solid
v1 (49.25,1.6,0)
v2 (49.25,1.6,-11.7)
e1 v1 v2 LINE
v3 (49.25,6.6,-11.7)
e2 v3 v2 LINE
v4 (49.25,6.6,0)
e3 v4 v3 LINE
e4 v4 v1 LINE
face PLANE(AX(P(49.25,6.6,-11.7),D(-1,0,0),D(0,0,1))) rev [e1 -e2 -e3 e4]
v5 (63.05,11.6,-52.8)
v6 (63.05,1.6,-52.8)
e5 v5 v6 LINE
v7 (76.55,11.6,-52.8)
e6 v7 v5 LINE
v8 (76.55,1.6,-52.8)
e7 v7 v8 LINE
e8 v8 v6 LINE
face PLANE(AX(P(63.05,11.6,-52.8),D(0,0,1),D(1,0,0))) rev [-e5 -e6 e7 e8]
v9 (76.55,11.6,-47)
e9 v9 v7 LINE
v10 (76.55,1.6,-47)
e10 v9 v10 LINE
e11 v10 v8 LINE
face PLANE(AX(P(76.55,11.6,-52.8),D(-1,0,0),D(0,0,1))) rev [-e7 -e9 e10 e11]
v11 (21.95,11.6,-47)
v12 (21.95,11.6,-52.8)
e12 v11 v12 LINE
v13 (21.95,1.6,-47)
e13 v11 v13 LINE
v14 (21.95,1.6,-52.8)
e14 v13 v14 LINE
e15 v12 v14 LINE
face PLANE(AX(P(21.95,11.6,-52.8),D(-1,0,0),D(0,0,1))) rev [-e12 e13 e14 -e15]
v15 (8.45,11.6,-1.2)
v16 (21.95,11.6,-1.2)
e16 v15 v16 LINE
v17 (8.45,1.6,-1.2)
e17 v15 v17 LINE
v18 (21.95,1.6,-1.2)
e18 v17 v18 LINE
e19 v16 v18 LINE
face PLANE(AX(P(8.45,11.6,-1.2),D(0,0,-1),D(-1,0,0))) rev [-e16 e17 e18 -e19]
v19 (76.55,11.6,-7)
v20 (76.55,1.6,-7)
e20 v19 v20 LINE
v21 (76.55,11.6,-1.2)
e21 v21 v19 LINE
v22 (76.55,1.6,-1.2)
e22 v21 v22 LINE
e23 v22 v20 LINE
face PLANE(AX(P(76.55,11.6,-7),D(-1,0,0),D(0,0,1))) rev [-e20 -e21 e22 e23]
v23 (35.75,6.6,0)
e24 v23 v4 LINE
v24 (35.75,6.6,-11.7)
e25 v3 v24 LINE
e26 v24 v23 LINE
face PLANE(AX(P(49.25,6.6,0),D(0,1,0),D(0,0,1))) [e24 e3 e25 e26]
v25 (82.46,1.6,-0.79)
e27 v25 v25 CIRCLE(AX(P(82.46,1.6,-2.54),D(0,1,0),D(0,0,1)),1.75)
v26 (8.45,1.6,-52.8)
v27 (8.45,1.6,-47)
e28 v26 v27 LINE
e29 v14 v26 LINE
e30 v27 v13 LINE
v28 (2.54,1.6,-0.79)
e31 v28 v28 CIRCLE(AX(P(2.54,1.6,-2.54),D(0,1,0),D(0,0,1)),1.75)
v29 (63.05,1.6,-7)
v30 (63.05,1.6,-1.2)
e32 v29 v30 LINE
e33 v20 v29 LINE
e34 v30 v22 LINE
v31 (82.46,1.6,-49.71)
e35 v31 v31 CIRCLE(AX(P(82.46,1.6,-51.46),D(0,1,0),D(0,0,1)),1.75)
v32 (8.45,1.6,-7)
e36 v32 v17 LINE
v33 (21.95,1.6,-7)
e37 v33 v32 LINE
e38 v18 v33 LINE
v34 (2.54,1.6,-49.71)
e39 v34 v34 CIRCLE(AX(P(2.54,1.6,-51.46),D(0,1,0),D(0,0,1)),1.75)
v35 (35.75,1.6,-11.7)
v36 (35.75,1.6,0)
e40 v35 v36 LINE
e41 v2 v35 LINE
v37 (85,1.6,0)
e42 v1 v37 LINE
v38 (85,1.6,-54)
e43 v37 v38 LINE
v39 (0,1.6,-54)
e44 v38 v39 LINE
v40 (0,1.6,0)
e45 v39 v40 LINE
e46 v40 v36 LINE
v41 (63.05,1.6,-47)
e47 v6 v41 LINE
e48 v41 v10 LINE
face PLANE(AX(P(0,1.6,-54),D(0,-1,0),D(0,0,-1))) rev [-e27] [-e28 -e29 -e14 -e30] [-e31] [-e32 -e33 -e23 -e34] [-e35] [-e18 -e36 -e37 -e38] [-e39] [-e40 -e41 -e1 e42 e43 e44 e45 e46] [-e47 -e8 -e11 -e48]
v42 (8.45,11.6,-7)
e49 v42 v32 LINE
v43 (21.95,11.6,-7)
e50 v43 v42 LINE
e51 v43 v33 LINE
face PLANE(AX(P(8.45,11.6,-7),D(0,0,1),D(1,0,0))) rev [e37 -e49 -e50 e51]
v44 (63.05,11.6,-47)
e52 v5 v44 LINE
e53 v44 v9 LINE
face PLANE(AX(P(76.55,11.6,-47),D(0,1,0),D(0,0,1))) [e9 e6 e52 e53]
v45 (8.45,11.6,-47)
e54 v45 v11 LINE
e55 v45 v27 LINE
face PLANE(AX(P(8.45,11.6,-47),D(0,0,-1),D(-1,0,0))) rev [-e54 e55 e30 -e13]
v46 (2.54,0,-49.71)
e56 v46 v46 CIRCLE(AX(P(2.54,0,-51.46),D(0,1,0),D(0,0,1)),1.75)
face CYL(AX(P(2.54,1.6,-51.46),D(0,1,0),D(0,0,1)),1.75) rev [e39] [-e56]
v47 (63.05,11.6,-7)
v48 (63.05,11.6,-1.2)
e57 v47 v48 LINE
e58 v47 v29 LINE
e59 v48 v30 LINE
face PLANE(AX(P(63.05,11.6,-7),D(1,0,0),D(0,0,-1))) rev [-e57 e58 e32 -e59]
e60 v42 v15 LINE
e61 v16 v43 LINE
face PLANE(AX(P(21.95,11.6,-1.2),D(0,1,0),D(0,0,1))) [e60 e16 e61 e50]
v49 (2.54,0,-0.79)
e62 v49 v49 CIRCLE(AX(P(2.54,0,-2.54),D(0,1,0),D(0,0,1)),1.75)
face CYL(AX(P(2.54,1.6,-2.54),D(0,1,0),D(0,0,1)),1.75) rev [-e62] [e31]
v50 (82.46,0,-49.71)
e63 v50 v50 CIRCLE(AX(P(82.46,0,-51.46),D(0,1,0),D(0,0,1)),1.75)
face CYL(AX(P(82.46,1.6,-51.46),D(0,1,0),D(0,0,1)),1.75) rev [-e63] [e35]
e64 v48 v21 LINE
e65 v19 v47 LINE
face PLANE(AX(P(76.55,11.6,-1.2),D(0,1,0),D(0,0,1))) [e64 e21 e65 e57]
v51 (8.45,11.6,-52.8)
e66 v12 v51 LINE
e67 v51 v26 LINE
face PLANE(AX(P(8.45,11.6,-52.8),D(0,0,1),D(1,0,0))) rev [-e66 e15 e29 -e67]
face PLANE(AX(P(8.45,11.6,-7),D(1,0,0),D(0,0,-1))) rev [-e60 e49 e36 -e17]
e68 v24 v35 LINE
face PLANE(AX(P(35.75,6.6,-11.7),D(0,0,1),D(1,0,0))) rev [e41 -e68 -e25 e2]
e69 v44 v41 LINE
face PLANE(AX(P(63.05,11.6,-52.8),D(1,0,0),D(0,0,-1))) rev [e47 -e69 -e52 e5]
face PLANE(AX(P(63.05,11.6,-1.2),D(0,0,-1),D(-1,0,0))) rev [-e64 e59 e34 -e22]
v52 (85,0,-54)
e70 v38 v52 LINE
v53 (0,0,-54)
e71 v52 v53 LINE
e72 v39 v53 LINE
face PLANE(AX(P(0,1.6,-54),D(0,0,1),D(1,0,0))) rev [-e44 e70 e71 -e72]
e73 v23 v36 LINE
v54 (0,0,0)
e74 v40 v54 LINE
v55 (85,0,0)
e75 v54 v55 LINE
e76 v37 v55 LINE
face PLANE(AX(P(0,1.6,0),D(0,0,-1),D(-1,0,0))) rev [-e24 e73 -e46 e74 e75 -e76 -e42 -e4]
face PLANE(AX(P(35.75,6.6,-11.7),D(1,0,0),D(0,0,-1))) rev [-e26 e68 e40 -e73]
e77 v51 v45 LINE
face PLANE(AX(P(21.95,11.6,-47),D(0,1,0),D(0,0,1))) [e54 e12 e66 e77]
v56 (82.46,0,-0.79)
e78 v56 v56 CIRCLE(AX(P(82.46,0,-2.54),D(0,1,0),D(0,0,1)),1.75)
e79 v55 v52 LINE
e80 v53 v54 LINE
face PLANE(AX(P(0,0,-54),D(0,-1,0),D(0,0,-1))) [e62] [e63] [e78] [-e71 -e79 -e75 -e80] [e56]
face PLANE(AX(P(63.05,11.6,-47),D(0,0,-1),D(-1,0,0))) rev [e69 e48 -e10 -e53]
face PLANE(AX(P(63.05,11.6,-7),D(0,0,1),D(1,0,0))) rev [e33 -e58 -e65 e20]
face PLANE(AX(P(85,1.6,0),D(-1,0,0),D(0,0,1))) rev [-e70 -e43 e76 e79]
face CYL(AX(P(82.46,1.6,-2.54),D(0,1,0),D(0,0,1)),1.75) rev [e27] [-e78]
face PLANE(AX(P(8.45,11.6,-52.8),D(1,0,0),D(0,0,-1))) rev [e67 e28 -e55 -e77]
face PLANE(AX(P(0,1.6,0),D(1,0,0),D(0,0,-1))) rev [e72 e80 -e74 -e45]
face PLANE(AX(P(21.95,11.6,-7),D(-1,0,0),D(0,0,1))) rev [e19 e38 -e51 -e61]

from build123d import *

# Parameters (mm, degrees)
SKETCH7_W                  = 85
SKETCH7_H                  = 54
BOSS_EXTRUDE2_DEPTH        = 1.6
F_3_5_3_5_DIAMETER_HOLE1_D = 3.5
SKETCH14_W                 = 13.5
SKETCH14_H                 = 5.8
BOSS_EXTRUDE3_DEPTH        = 10
LPATTERN1_COUNT            = 2
LPATTERN1_PITCH            = 54.6
LPATTERN1_COUNT_DIR2       = 2
LPATTERN1_PITCH_DIR2       = 45.8
SKETCH15_W                 = 13.5
SKETCH15_H                 = 11.7
BOSS_EXTRUDE4_DEPTH        = 5


with BuildPart() as part:
    # Sketch7 → Boss-Extrude2 (new body)
    with BuildSketch(Plane(origin=(0, 0, 0), x_dir=(1, 0, 0), z_dir=(0, 1, 0))):
        with Locations((42.5, 27)):
            Rectangle(SKETCH7_W, SKETCH7_H)
    extrude(amount=BOSS_EXTRUDE2_DEPTH)

    # Ø3.5 (3.5) Diameter Hole1 (through all)
    with Locations(Plane(origin=(0, 1.6, 0), x_dir=(-1, 0, 0), z_dir=(0, 1, 0))):
        with Locations((-2.54, -2.54), (-2.54, -51.46), (-82.46, -51.46), (-82.46, -2.54)):
            Hole(F_3_5_3_5_DIAMETER_HOLE1_D / 2)

    # Sketch14 → Boss-Extrude3 (add)
    with BuildSketch(Plane(origin=(0, 1.6, 0), x_dir=(1, 0, 0), z_dir=(0, 1, 0))):
        with Locations((15.2, 49.9)):
            Rectangle(SKETCH14_W, SKETCH14_H)
    boss_extrude3 = extrude(amount=BOSS_EXTRUDE3_DEPTH)

    # LPattern1: Boss-Extrude3 2 × 2
    with Locations(*[(i * LPATTERN1_PITCH, 0, j * LPATTERN1_PITCH_DIR2) for i in range(LPATTERN1_COUNT) for j in range(LPATTERN1_COUNT_DIR2) if (i, j) != (0, 0)]):
        add(boss_extrude3)

    # Sketch15 → Boss-Extrude4 (add)
    with BuildSketch(Plane(origin=(0, 1.6, 0), x_dir=(1, 0, 0), z_dir=(0, 1, 0))):
        with Locations((42.5, 5.85)):
            Rectangle(SKETCH15_W, SKETCH15_H)
    extrude(amount=BOSS_EXTRUDE4_DEPTH)


solid = part.part
